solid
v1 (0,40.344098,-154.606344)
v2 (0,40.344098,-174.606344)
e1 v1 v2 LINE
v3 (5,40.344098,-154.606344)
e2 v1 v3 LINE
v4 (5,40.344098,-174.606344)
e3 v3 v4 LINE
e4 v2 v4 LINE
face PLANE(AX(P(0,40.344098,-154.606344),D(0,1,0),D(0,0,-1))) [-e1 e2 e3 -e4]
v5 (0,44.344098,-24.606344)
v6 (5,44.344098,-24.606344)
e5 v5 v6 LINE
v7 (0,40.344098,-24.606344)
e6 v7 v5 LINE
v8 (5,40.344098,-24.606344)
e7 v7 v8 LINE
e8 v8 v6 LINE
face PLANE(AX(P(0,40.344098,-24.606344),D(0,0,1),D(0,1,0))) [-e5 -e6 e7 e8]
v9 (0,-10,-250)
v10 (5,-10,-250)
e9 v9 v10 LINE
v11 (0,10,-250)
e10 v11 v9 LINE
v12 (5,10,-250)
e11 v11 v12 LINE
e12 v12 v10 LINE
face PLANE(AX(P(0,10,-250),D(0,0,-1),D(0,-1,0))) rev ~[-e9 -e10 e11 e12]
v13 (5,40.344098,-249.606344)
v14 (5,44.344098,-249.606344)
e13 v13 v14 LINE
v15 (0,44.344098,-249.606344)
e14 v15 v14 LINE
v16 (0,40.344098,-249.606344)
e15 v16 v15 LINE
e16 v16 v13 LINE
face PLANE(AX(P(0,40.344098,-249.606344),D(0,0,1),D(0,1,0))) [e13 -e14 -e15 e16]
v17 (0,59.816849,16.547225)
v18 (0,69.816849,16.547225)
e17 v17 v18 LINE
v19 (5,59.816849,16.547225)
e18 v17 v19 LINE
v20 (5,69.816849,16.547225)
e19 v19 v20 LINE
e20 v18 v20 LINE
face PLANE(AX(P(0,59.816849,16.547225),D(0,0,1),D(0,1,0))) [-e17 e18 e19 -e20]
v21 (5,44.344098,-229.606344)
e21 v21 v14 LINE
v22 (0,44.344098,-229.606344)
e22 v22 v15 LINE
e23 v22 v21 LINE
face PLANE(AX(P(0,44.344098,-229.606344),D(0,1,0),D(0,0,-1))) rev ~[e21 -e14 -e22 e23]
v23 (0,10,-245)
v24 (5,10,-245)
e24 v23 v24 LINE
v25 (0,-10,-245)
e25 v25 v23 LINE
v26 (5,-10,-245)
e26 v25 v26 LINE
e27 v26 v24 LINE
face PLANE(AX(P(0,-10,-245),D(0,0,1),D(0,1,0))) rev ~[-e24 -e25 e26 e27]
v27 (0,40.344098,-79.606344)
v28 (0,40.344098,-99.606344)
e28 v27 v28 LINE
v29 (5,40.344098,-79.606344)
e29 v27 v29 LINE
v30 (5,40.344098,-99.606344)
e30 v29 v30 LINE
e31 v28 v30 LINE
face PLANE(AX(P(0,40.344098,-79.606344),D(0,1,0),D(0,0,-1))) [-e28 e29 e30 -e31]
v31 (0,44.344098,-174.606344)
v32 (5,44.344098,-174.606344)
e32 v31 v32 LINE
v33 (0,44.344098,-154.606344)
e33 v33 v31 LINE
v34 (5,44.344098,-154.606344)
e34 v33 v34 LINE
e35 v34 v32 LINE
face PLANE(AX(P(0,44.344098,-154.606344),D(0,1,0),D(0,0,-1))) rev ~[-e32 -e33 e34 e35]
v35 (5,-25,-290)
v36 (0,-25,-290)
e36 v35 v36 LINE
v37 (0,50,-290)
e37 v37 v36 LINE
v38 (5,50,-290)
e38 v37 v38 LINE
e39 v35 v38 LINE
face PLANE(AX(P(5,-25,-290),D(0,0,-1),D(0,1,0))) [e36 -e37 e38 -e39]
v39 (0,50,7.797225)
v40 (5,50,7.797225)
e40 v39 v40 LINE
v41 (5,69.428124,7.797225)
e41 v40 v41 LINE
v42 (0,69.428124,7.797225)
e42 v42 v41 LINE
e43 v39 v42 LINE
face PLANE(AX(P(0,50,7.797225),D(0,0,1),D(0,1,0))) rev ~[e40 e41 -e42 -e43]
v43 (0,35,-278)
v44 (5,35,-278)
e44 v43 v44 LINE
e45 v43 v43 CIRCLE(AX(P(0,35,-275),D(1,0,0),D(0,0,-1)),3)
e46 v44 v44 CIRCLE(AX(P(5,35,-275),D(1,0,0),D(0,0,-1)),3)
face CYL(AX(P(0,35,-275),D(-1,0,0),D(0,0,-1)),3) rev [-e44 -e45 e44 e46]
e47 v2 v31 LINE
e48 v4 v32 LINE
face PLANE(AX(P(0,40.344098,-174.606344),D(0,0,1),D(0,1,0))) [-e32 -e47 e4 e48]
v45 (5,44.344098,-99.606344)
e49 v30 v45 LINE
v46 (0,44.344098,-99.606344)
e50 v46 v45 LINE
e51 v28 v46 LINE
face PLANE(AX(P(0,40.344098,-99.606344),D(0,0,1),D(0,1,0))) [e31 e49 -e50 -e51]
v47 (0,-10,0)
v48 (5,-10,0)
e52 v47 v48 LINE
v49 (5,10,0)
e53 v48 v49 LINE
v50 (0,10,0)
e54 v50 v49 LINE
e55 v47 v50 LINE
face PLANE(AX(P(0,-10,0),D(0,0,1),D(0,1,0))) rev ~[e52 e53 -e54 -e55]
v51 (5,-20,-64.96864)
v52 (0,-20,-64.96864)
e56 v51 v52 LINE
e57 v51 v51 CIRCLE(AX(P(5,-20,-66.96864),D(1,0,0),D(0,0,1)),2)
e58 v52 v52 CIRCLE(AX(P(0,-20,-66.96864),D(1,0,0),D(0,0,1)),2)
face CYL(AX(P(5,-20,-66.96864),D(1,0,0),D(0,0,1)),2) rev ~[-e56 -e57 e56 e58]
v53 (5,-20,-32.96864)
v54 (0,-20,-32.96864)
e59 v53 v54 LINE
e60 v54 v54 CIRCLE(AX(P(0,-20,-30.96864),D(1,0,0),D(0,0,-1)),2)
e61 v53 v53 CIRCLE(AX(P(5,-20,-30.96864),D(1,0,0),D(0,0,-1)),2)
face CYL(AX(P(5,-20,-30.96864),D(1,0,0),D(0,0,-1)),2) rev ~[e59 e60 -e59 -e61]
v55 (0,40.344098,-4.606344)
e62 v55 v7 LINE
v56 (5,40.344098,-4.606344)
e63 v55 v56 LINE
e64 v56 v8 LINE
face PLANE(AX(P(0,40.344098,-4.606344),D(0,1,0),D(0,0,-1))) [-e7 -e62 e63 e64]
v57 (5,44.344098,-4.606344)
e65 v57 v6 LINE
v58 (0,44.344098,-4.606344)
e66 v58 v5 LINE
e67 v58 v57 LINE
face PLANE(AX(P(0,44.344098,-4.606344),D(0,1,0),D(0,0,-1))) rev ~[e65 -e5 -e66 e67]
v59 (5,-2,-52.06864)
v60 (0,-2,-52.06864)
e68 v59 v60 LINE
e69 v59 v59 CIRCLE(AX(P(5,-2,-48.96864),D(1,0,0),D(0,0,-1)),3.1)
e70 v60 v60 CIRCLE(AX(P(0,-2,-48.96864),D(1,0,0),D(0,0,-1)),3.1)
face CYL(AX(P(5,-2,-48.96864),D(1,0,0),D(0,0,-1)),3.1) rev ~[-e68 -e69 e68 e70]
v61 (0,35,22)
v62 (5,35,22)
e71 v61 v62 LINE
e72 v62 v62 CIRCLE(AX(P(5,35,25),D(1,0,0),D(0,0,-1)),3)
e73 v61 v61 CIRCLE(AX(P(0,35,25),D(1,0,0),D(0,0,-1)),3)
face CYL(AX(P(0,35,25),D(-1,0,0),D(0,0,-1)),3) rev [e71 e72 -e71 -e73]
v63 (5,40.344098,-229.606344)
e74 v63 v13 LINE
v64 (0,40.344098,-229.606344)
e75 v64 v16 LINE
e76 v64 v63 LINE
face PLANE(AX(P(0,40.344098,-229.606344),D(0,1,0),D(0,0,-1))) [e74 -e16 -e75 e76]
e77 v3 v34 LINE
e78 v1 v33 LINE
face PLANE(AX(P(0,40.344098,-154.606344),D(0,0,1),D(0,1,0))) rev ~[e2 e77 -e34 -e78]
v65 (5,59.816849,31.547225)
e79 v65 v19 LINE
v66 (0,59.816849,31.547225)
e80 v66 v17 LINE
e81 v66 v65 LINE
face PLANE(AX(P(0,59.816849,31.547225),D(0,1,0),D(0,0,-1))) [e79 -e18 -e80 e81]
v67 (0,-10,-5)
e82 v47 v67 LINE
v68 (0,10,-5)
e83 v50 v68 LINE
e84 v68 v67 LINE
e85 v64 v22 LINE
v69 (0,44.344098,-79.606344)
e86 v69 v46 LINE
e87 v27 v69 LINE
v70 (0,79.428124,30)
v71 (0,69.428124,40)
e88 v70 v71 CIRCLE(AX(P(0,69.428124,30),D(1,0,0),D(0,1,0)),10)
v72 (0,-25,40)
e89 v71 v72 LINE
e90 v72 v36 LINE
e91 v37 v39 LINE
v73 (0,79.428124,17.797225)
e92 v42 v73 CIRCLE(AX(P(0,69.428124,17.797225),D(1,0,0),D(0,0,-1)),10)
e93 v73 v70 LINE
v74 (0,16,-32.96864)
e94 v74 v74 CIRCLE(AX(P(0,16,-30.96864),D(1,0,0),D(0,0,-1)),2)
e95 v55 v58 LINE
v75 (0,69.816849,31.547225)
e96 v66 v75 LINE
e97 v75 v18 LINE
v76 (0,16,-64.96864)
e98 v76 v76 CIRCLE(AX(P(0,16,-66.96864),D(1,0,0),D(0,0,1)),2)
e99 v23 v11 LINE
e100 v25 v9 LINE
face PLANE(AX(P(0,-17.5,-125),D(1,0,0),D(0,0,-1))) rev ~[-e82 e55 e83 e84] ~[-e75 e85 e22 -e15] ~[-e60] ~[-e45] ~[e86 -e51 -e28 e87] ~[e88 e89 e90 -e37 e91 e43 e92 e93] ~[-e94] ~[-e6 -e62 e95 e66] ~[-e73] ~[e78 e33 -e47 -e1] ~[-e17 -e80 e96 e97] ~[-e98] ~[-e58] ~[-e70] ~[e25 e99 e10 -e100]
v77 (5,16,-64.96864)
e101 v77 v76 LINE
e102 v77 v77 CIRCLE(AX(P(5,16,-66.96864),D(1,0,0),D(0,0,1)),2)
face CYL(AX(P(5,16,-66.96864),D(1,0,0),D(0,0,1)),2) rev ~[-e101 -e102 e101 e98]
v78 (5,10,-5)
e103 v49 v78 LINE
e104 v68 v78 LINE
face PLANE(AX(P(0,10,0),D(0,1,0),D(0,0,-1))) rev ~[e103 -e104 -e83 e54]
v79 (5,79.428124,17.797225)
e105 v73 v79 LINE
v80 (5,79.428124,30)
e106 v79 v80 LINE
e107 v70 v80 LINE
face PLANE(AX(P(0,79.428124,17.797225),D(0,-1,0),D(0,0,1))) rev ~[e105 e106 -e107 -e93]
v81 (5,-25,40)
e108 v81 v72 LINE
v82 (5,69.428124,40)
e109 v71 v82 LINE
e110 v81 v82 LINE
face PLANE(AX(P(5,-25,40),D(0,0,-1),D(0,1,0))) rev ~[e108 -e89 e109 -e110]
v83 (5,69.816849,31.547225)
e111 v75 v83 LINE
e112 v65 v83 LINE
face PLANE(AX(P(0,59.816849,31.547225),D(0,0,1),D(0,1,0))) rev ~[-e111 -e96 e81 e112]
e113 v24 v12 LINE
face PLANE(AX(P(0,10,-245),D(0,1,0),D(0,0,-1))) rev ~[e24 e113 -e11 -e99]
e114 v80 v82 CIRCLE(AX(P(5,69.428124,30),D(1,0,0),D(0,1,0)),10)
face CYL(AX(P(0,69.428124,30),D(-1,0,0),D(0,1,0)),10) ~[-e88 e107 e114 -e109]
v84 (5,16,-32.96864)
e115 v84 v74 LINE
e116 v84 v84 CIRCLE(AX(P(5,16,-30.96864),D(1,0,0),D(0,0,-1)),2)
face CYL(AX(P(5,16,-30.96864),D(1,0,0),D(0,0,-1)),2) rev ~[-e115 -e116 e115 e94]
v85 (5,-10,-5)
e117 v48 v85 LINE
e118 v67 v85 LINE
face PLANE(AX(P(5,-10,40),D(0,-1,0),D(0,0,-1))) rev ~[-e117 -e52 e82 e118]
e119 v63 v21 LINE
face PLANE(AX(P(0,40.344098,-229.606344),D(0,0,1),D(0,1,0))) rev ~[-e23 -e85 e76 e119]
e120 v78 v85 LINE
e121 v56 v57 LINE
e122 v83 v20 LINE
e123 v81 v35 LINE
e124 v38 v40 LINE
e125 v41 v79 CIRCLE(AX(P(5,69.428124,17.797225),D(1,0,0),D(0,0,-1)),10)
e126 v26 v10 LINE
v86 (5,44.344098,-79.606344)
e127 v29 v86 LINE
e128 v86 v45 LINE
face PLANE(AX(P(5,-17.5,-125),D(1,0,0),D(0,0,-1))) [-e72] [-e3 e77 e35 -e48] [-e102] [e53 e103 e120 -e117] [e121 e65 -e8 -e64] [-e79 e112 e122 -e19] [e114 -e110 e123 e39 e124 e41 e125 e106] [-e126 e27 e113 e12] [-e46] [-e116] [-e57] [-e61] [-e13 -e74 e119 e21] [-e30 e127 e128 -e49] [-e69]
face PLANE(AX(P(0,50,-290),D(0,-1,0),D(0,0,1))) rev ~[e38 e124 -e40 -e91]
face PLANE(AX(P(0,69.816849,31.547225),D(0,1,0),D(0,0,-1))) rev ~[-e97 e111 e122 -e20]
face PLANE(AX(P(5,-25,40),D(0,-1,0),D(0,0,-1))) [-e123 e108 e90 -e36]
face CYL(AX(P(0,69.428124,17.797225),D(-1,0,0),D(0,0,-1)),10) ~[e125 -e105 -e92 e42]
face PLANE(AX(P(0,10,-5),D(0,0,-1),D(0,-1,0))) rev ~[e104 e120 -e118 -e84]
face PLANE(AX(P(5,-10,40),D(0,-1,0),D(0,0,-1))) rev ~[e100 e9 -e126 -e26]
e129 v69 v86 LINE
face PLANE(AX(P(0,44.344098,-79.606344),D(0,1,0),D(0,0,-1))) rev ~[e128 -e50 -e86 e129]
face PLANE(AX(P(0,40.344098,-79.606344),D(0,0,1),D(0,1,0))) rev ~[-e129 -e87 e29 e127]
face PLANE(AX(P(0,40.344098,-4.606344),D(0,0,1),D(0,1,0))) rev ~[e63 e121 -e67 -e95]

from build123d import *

# Parameters (mm, degrees)
SKETCH5_R           = 3
SKETCH5_W           = 20
SKETCH5_H           = 4
SKETCH5_W_2         = 15
SKETCH5_H_2         = 10
BOSS_EXTRUDE1_DEPTH = 5
SKETCH6_W           = 330
SKETCH6_H           = 15
BOSS_EXTRUDE2_DEPTH = 5
SKETCH8_R           = 2
SKETCH8_R_2         = 3.1
CUT_EXTRUDE1_DEPTH  = 5


with BuildPart() as part:
    # Sketch5 → Boss-Extrude1 (new body)
    with BuildSketch(Plane(origin=(0, 0, 0), x_dir=(0, 0, -1), z_dir=(1, 0, 0))):
        with BuildLine():
            Line((-40, -10), (0, -10))
            Line((0, -10), (0, 0))
            Line((0, 0), (0, 10))
            Line((0, 10), (5, 10))
            Line((5, 10), (5, 0))
            Line((5, 0), (5, -10))
            Line((5, -10), (245, -10))
            Line((245, -10), (245, 0))
            Line((245, 0), (245, 10))
            Line((245, 10), (250, 10))
            Line((250, 10), (250, 0))
            Line((250, 0), (250, -10))
            Line((250, -10), (290, -10))
            Line((290, -10), (290, 50))
            Line((290, 50), (-7.797224701, 50))
            Line((-7.797224701, 50), (-7.797224701, 69.428123594))
            ThreePointArc((-7.797224701, 69.428123594), (-10.726156889, 76.499191405), (-17.797224701, 79.428123594))
            Line((-17.797224701, 79.428123594), (-30, 79.428123594))
            ThreePointArc((-30, 79.428123594), (-37.071067812, 76.499191405), (-40, 69.428123594))
            Line((-40, 69.428123594), (-40, 50))
            Line((-40, 50), (-40, -10))
        make_face()
        with Locations((-25, 35)):
            Circle(SKETCH5_R, mode=Mode.SUBTRACT)
        with Locations((275, 35)):
            Circle(SKETCH5_R, mode=Mode.SUBTRACT)
        with Locations((89.606343961, 42.344097949)):
            Rectangle(SKETCH5_W, SKETCH5_H, mode=Mode.SUBTRACT)
        with Locations((14.606343961, 42.344097949)):
            Rectangle(SKETCH5_W, SKETCH5_H, mode=Mode.SUBTRACT)
        with Locations((-24.047224701, 64.816848726)):
            Rectangle(SKETCH5_W_2, SKETCH5_H_2, mode=Mode.SUBTRACT)
        with Locations((164.606343961, 42.344097949)):
            Rectangle(SKETCH5_W, SKETCH5_H, mode=Mode.SUBTRACT)
        with Locations((239.606343961, 42.344097949)):
            Rectangle(SKETCH5_W, SKETCH5_H, mode=Mode.SUBTRACT)
    extrude(amount=BOSS_EXTRUDE1_DEPTH)

    # Sketch6 → Boss-Extrude2 (add)
    with BuildSketch(Plane(origin=(5, 0, 0), x_dir=(0, 0, -1), z_dir=(1, 0, 0))):
        with Locations((125, -17.5)):
            Rectangle(SKETCH6_W, SKETCH6_H)
    extrude(amount=-BOSS_EXTRUDE2_DEPTH)

    # Sketch8 → Cut-Extrude1 (cut)
    with BuildSketch(Plane(origin=(5, 0, 0), x_dir=(0, 0, -1), z_dir=(1, 0, 0))):
        with Locations((30.968640194, 16)):
            Circle(SKETCH8_R)
        with Locations((30.968640194, -20)):
            Circle(SKETCH8_R)
        with Locations(Location((66.968640194, -20, 0), (0, 0, 180))):
            Circle(SKETCH8_R)
        with Locations(Location((66.968640194, 16, 0), (0, 0, 180))):
            Circle(SKETCH8_R)
        with Locations((48.968640194, -2)):
            Circle(SKETCH8_R_2)
    extrude(amount=-CUT_EXTRUDE1_DEPTH, mode=Mode.SUBTRACT)


solid = part.part
